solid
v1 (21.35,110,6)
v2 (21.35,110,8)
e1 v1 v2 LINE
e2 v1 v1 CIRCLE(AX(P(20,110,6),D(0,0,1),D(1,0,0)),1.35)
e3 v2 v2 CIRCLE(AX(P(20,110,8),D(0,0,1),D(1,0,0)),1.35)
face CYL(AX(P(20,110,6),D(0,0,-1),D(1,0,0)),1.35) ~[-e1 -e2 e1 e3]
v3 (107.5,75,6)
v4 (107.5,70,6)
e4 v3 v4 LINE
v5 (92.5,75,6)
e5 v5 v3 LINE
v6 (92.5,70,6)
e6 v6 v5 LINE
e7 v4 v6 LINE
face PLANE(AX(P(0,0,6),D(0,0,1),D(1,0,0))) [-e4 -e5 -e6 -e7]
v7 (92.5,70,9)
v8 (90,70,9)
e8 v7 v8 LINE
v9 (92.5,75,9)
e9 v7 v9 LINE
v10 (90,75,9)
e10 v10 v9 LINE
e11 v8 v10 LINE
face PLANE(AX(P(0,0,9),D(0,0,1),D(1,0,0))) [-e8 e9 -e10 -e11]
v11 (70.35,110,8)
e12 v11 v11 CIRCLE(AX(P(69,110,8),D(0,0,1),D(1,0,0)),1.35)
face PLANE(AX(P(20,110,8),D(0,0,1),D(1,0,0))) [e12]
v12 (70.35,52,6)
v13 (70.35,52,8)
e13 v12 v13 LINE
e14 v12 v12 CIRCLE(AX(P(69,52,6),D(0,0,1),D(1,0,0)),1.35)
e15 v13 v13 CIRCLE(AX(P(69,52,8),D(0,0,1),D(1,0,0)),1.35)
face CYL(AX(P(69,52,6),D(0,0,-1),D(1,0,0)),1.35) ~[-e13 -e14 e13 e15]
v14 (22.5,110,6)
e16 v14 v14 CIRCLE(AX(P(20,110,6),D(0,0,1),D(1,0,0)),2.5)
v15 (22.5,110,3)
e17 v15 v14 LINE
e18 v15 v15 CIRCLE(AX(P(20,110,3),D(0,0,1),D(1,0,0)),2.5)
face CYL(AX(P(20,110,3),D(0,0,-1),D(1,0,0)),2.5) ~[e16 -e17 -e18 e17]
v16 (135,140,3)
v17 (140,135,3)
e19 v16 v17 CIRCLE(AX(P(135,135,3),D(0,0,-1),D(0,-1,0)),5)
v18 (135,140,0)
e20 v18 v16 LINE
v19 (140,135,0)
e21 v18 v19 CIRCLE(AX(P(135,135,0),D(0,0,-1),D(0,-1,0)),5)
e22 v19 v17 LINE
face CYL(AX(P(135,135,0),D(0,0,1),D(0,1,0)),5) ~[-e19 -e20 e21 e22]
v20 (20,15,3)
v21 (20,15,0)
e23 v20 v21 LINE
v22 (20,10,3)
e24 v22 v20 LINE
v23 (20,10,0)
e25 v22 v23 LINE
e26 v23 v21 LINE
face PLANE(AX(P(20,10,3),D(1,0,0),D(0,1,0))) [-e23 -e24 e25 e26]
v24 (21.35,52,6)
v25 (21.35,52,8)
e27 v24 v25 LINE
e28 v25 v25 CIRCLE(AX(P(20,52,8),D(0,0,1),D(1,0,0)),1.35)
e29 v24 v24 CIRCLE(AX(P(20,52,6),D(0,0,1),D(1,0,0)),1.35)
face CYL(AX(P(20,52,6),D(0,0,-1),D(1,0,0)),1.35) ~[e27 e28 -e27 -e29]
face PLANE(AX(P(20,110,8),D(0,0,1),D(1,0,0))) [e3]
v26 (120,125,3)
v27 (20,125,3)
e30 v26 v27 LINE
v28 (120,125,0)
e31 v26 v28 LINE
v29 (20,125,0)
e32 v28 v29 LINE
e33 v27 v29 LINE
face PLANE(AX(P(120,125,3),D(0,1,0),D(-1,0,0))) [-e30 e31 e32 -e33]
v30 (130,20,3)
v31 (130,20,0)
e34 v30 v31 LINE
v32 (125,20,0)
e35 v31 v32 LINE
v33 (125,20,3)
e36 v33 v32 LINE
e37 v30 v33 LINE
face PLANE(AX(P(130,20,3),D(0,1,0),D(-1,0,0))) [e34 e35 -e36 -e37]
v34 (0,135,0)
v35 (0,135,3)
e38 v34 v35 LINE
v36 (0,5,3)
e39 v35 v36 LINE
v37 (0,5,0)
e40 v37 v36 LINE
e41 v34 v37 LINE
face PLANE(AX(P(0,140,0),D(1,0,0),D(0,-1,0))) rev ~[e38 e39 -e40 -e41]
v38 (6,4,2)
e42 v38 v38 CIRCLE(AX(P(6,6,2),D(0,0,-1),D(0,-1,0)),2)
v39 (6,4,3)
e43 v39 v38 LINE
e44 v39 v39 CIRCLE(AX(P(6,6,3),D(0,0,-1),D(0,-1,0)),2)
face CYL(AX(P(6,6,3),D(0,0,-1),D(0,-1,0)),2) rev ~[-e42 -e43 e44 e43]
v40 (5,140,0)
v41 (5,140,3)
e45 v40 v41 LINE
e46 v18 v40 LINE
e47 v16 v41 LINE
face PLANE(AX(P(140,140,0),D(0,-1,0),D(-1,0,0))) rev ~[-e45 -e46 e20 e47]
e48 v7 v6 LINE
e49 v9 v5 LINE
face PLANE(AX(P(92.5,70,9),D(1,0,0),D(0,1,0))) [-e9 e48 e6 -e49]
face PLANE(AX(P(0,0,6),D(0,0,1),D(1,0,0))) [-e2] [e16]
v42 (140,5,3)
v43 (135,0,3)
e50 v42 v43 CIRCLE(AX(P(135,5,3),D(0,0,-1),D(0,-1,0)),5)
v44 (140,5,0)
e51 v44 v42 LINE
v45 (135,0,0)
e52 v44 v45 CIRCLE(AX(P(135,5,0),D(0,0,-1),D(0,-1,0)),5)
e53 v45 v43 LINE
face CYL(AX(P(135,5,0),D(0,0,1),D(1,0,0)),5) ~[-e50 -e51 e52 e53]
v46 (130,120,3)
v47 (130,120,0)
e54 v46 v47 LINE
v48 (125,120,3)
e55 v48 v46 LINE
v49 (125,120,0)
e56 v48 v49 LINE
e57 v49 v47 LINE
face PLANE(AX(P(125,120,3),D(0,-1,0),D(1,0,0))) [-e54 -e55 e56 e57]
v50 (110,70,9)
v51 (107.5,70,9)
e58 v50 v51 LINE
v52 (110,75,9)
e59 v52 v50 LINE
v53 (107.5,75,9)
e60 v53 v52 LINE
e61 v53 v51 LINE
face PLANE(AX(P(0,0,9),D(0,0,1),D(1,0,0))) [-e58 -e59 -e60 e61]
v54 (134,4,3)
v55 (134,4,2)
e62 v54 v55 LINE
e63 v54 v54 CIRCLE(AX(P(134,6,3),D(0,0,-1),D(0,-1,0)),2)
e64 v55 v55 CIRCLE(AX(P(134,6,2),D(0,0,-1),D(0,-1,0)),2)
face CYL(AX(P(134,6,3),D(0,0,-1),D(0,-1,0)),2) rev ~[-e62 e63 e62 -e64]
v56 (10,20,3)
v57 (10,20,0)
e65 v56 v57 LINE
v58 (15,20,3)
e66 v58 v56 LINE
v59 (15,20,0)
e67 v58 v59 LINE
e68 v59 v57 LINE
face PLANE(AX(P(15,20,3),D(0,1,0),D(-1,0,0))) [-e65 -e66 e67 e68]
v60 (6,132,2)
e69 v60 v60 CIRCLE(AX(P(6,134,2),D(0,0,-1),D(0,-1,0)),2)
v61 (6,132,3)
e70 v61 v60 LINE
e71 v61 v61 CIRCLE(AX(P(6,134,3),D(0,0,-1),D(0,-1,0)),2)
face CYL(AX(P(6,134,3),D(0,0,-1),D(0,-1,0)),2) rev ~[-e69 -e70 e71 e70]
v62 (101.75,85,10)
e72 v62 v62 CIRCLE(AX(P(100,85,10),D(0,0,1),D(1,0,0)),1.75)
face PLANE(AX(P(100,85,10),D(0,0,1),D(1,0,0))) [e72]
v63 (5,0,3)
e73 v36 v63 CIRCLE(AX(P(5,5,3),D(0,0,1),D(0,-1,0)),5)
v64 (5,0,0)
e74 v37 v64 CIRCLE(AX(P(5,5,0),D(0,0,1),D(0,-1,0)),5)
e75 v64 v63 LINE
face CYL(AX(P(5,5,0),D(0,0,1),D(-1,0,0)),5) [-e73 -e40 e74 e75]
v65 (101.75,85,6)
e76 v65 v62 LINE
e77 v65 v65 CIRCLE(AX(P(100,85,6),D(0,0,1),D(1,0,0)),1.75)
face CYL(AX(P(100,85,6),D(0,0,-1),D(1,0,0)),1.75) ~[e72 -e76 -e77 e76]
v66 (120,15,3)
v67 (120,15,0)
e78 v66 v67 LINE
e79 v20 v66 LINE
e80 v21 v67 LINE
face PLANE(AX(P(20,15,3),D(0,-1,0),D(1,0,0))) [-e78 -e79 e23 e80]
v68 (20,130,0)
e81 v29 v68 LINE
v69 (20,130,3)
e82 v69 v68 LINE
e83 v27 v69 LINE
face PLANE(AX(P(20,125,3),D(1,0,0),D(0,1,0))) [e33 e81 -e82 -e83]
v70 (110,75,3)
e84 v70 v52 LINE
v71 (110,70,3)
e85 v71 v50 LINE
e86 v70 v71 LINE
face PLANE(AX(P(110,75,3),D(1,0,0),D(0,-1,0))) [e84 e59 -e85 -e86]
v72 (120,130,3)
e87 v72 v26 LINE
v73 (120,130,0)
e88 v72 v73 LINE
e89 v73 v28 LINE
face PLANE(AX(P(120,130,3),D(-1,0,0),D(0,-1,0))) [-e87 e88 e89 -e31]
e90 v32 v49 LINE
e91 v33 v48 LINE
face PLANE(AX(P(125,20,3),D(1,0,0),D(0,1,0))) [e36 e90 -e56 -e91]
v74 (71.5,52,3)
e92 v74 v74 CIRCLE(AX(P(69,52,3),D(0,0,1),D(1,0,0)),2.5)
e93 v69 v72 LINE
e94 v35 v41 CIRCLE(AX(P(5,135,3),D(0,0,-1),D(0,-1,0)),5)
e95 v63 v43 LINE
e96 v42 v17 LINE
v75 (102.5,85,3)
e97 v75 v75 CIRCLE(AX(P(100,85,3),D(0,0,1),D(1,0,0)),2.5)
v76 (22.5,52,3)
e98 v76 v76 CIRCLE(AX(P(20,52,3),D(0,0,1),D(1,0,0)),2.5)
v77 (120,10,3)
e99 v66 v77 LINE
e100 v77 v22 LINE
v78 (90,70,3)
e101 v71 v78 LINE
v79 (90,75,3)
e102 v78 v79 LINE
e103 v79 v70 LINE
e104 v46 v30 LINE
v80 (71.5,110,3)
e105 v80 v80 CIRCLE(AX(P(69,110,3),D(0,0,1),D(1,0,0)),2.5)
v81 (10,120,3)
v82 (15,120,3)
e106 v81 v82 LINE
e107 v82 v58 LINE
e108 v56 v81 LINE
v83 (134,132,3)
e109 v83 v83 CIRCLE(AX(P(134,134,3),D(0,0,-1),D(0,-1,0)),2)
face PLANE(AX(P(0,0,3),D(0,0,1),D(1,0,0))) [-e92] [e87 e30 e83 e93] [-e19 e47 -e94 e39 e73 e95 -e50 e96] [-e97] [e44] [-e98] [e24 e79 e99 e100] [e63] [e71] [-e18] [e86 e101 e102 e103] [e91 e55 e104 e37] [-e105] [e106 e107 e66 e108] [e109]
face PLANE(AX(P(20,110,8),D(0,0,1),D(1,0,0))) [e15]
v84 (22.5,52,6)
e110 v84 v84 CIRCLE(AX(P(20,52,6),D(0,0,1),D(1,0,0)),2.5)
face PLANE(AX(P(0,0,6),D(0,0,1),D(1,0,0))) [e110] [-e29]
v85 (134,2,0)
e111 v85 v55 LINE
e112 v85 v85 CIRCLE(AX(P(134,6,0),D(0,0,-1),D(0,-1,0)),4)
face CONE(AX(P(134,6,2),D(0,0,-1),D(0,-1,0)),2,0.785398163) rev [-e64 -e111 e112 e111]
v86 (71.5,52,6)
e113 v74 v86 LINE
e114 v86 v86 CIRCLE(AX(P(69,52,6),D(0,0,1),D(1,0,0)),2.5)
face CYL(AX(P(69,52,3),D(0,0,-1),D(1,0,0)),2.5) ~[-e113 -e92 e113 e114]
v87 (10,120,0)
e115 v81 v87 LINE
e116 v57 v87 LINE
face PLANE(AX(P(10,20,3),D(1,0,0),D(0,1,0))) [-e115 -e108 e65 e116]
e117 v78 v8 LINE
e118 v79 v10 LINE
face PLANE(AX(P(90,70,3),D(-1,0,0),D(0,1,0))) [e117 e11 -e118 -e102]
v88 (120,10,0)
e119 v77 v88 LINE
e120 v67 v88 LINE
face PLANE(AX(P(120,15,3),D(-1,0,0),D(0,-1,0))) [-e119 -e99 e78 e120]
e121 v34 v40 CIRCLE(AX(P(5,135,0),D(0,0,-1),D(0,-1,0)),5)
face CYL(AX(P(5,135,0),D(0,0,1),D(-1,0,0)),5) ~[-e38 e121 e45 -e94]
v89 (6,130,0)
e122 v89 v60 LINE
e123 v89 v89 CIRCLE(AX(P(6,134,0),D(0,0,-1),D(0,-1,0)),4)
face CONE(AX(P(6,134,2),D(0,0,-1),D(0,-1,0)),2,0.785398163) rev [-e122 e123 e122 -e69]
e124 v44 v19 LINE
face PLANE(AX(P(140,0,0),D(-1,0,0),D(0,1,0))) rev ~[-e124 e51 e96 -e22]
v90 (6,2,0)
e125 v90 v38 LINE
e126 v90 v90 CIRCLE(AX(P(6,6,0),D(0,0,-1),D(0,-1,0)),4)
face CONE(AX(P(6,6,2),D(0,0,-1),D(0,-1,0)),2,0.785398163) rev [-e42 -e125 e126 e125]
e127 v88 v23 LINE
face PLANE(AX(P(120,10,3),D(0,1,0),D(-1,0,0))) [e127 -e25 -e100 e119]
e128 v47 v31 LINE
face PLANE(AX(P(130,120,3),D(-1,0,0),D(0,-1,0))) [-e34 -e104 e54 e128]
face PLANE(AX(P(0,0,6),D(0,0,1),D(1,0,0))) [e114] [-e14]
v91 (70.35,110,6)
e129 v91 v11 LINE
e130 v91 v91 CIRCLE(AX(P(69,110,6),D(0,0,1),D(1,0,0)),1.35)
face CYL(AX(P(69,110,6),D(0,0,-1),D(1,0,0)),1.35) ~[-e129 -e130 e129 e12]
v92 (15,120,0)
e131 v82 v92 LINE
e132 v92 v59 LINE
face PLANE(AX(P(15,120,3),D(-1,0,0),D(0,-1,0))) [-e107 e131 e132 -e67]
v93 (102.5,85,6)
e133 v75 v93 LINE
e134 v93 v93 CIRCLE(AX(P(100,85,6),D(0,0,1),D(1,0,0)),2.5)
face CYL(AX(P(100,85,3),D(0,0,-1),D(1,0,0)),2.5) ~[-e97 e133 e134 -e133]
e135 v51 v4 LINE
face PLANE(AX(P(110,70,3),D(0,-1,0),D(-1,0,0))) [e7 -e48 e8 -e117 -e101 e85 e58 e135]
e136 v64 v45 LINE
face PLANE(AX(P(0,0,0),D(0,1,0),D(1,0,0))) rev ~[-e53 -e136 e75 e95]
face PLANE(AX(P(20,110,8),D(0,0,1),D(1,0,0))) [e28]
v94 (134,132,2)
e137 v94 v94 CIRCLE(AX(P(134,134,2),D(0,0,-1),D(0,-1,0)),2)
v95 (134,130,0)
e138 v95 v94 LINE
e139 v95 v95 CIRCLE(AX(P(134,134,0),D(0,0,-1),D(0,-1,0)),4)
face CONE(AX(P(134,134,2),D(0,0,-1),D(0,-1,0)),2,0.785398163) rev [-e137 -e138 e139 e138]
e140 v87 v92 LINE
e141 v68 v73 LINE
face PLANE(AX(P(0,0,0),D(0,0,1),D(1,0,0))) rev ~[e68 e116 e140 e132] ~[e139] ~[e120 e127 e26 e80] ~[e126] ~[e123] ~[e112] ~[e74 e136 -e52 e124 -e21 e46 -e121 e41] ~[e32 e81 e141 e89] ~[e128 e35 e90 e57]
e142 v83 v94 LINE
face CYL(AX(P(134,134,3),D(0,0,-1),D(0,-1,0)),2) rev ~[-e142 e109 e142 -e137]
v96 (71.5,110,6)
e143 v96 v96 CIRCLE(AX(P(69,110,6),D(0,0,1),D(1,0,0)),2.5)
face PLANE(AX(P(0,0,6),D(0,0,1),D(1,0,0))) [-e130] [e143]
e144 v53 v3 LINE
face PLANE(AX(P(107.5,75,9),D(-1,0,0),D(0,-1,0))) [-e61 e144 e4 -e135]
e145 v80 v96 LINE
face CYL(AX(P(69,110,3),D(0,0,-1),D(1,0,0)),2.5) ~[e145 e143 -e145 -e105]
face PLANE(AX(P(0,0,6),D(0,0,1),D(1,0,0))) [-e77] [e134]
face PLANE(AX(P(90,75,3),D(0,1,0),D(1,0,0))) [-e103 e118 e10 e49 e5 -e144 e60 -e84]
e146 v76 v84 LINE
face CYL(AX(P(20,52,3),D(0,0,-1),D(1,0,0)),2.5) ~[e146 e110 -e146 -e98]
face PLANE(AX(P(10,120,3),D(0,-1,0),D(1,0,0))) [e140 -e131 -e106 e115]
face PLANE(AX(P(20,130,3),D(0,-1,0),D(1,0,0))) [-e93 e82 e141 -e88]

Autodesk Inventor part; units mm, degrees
ref_plane "YZ Plane" through (0, 0, 0) normal (1, 0, 0) x (0, 1, 0)
ref_plane "XZ Plane" through (0, 0, 0) normal (0, 1, 0) x (-1, 0, 0)
ref_plane "XY Plane" through (0, 0, 0) normal (0, 0, 1) x (1, 0, 0)
sketch "Sketch1" plane through (0, 0, 0) normal (0, 0, 1) x (1, 0, 0)
  line L0 (0, 0) -> (140, 0)
  line L1 (140, 0) -> (140, 140)
  line L2 (140, 140) -> (0, 140)
  line L3 (0, 140) -> (0, 0)
  dimension "d0" = 140
  dimension "d1" = 140
extrude "Extrusion1" add sketch "Sketch1" along normal blind 3
fillet "Fillet1" radius 5 4 edges at (140, 140, 1.5) (140, 0, 1.5) (0, 140, 1.5) (0, 0, 1.5)
sketch "Sketch2" plane through (0, 0, 3) normal (0, 0, 1) x (1, 0, 0)
  circle A0 centre (20, 110) radius 2.5
  line L0 (135, 140) -> (5, 140) projected
  line L1 (0, 135) -> (0, 5) projected
  circle A1 centre (69, 110) radius 2.5
  circle A2 centre (20, 52) radius 2.5
  circle A3 centre (69, 52) radius 2.5
  point P0 (0, 0)
  dimension "d5" = 5
  dimension "d6" = 30
  dimension "d7" = 20
  dimension "d8" = 5
  dimension "d9" = 30
  dimension "d10" = 69
  dimension "d11" = 5
  dimension "d12" = 20
  dimension "d13" = 88
  dimension "d14" = 5
  dimension "d15" = 88
  dimension "d16" = 69
extrude "Extrusion2" add sketch "Sketch2" along normal blind 3
sketch "Sketch3" plane through (20, 110, 6) normal (0, 0, 1) x (1, 0, 0)
  circle A0 centre (0, 0) radius 1.35
  circle A1 centre (49, 0) radius 2.5 projected
  circle A2 centre (49, 0) radius 1.35
  circle A3 centre (0, -58) radius 2.5 projected
  circle A4 centre (0, -58) radius 1.35
  circle A5 centre (49, -58) radius 2.5 projected
  circle A6 centre (49, -58) radius 1.35
  point P0 (-20, -110)
  dimension "d19" = 2.7
  dimension "d20" = 2.7
extrude "Extrusion3" add sketch "Sketch3" along normal blind 2 contours A0 | A2 | A4 | A6
sketch "Sketch4" plane through (0, 0, 3) normal (0, 0, 1) x (1, 0, 0)
  line L0 (135, 140) -> (5, 140) projected
  line L1 (0, 135) -> (0, 5) projected
  line L2 (140, 5) -> (140, 135) projected
  line L3 (5, 0) -> (135, 0) projected
  point P0 (0, 0)
  point P1 (6, 134)
  point P2 (134, 134)
  point P3 (6, 6)
  point P4 (134, 6)
  dimension "d30" = 6
  dimension "d31" = 6
  dimension "d32" = 6
  dimension "d33" = 6
  dimension "d34" = 6
  dimension "d35" = 6
  dimension "d36" = 6
  dimension "d37" = 6
hole "Hole2" at (134, 134, 3) at (6, 6, 3) at (134, 6, 3) at (6, 134, 3) direction (0, 0, -1) diameter 4 depth 15
sketch "Sketch5" plane through (0, 0, 3) normal (0, 0, 1) x (1, 0, 0)
  line L0 (20, 130) -> (120, 130)
  line L1 (120, 130) -> (120, 125)
  line L2 (120, 125) -> (20, 125)
  line L3 (20, 125) -> (20, 130)
  line L4 (135, 140) -> (5, 140) projected
  line L5 (140, 5) -> (140, 135) projected
  line L6 (20, 15) -> (120, 15)
  line L7 (120, 15) -> (120, 10)
  line L8 (120, 10) -> (20, 10)
  line L9 (20, 10) -> (20, 15)
  line L10 (5, 0) -> (135, 0) projected
  line L11 (10, 120) -> (15, 120)
  line L12 (15, 120) -> (15, 20)
  line L13 (15, 20) -> (10, 20)
  line L14 (10, 20) -> (10, 120)
  line L15 (0, 135) -> (0, 5) projected
  line L16 (125, 120) -> (130, 120)
  line L17 (130, 120) -> (130, 20)
  line L18 (130, 20) -> (125, 20)
  line L19 (125, 20) -> (125, 120)
  point P0 (0, 0)
  dimension "d45" = 10
  dimension "d46" = 5
  dimension "d47" = 20
  dimension "d48" = 100
  dimension "d49" = 100
  dimension "d50" = 5
  dimension "d51" = 20
  dimension "d52" = 10
  dimension "d53" = 5
  dimension "d54" = 100
  dimension "d55" = 20
  dimension "d56" = 10
  dimension "d57" = 5
  dimension "d58" = 100
  dimension "d59" = 10
  dimension "d60" = 20
extrude "Extrusion4" cut sketch "Sketch5" against normal blind 10
sketch "Sketch6" plane through (0, 0, 3) normal (0, 0, 1) x (1, 0, 0)
  circle A0 centre (100, 85) radius 2.5
  line L0 (140, 5) -> (140, 135) projected
  line L1 (135, 140) -> (5, 140) projected
  point P0 (0, 0)
  dimension "d63" = 5
  dimension "d66" = 40
  dimension "d67" = 55
extrude "Extrusion5" add sketch "Sketch6" along normal blind 3
sketch "Sketch7" plane through (100, 85, 6) normal (0, 0, 1) x (1, 0, 0)
  circle A0 centre (0, 0) radius 1.75
  point P0 (-100, -85)
  dimension "d68" = 3.5
extrude "Extrusion6" add sketch "Sketch7" along normal blind 4
sketch "Sketch8" plane through (0, 0, 3) normal (0, 0, 1) x (1, 0, 0)
  line L0 (90, 75) -> (110, 75)
  line L1 (110, 75) -> (110, 70)
  line L2 (110, 70) -> (90, 70)
  line L3 (90, 70) -> (90, 75)
  line L4 (140, 5) -> (140, 135) projected
  line L5 (5, 0) -> (135, 0) projected
  point P0 (0, 0)
  dimension "d71" = 20
  dimension "d72" = 30
  dimension "d73" = 5
  dimension "d74" = 70
extrude "Extrusion7" add sketch "Sketch8" along normal blind 6
sketch "Sketch9" plane through (0, 0, 9) normal (0, 0, 1) x (1, 0, 0)
  line L0 (90, 75) -> (110, 75) projected
  line L1 (110, 70) -> (90, 70) projected
  line L2 (92.5, 75) -> (107.5, 75)
  line L3 (107.5, 75) -> (107.5, 70)
  line L4 (107.5, 70) -> (92.5, 70)
  line L5 (92.5, 70) -> (92.5, 75)
  line L6 (110, 70) -> (110, 75) projected
  line L7 (90, 75) -> (90, 70) projected
  point P0 (0, 0)
  dimension "d77" = 2.5
  dimension "d78" = 2.5
extrude "Extrusion8" cut sketch "Sketch9" against normal blind 3 contours L0 L3 L1 L5
chamfer "Chamfer1" distance 2 angle 45 4 edges at (6, 8, 0) (134, 8, 0) (6, 136, 0) (134, 136, 0)
properties part number "Led deksel"
